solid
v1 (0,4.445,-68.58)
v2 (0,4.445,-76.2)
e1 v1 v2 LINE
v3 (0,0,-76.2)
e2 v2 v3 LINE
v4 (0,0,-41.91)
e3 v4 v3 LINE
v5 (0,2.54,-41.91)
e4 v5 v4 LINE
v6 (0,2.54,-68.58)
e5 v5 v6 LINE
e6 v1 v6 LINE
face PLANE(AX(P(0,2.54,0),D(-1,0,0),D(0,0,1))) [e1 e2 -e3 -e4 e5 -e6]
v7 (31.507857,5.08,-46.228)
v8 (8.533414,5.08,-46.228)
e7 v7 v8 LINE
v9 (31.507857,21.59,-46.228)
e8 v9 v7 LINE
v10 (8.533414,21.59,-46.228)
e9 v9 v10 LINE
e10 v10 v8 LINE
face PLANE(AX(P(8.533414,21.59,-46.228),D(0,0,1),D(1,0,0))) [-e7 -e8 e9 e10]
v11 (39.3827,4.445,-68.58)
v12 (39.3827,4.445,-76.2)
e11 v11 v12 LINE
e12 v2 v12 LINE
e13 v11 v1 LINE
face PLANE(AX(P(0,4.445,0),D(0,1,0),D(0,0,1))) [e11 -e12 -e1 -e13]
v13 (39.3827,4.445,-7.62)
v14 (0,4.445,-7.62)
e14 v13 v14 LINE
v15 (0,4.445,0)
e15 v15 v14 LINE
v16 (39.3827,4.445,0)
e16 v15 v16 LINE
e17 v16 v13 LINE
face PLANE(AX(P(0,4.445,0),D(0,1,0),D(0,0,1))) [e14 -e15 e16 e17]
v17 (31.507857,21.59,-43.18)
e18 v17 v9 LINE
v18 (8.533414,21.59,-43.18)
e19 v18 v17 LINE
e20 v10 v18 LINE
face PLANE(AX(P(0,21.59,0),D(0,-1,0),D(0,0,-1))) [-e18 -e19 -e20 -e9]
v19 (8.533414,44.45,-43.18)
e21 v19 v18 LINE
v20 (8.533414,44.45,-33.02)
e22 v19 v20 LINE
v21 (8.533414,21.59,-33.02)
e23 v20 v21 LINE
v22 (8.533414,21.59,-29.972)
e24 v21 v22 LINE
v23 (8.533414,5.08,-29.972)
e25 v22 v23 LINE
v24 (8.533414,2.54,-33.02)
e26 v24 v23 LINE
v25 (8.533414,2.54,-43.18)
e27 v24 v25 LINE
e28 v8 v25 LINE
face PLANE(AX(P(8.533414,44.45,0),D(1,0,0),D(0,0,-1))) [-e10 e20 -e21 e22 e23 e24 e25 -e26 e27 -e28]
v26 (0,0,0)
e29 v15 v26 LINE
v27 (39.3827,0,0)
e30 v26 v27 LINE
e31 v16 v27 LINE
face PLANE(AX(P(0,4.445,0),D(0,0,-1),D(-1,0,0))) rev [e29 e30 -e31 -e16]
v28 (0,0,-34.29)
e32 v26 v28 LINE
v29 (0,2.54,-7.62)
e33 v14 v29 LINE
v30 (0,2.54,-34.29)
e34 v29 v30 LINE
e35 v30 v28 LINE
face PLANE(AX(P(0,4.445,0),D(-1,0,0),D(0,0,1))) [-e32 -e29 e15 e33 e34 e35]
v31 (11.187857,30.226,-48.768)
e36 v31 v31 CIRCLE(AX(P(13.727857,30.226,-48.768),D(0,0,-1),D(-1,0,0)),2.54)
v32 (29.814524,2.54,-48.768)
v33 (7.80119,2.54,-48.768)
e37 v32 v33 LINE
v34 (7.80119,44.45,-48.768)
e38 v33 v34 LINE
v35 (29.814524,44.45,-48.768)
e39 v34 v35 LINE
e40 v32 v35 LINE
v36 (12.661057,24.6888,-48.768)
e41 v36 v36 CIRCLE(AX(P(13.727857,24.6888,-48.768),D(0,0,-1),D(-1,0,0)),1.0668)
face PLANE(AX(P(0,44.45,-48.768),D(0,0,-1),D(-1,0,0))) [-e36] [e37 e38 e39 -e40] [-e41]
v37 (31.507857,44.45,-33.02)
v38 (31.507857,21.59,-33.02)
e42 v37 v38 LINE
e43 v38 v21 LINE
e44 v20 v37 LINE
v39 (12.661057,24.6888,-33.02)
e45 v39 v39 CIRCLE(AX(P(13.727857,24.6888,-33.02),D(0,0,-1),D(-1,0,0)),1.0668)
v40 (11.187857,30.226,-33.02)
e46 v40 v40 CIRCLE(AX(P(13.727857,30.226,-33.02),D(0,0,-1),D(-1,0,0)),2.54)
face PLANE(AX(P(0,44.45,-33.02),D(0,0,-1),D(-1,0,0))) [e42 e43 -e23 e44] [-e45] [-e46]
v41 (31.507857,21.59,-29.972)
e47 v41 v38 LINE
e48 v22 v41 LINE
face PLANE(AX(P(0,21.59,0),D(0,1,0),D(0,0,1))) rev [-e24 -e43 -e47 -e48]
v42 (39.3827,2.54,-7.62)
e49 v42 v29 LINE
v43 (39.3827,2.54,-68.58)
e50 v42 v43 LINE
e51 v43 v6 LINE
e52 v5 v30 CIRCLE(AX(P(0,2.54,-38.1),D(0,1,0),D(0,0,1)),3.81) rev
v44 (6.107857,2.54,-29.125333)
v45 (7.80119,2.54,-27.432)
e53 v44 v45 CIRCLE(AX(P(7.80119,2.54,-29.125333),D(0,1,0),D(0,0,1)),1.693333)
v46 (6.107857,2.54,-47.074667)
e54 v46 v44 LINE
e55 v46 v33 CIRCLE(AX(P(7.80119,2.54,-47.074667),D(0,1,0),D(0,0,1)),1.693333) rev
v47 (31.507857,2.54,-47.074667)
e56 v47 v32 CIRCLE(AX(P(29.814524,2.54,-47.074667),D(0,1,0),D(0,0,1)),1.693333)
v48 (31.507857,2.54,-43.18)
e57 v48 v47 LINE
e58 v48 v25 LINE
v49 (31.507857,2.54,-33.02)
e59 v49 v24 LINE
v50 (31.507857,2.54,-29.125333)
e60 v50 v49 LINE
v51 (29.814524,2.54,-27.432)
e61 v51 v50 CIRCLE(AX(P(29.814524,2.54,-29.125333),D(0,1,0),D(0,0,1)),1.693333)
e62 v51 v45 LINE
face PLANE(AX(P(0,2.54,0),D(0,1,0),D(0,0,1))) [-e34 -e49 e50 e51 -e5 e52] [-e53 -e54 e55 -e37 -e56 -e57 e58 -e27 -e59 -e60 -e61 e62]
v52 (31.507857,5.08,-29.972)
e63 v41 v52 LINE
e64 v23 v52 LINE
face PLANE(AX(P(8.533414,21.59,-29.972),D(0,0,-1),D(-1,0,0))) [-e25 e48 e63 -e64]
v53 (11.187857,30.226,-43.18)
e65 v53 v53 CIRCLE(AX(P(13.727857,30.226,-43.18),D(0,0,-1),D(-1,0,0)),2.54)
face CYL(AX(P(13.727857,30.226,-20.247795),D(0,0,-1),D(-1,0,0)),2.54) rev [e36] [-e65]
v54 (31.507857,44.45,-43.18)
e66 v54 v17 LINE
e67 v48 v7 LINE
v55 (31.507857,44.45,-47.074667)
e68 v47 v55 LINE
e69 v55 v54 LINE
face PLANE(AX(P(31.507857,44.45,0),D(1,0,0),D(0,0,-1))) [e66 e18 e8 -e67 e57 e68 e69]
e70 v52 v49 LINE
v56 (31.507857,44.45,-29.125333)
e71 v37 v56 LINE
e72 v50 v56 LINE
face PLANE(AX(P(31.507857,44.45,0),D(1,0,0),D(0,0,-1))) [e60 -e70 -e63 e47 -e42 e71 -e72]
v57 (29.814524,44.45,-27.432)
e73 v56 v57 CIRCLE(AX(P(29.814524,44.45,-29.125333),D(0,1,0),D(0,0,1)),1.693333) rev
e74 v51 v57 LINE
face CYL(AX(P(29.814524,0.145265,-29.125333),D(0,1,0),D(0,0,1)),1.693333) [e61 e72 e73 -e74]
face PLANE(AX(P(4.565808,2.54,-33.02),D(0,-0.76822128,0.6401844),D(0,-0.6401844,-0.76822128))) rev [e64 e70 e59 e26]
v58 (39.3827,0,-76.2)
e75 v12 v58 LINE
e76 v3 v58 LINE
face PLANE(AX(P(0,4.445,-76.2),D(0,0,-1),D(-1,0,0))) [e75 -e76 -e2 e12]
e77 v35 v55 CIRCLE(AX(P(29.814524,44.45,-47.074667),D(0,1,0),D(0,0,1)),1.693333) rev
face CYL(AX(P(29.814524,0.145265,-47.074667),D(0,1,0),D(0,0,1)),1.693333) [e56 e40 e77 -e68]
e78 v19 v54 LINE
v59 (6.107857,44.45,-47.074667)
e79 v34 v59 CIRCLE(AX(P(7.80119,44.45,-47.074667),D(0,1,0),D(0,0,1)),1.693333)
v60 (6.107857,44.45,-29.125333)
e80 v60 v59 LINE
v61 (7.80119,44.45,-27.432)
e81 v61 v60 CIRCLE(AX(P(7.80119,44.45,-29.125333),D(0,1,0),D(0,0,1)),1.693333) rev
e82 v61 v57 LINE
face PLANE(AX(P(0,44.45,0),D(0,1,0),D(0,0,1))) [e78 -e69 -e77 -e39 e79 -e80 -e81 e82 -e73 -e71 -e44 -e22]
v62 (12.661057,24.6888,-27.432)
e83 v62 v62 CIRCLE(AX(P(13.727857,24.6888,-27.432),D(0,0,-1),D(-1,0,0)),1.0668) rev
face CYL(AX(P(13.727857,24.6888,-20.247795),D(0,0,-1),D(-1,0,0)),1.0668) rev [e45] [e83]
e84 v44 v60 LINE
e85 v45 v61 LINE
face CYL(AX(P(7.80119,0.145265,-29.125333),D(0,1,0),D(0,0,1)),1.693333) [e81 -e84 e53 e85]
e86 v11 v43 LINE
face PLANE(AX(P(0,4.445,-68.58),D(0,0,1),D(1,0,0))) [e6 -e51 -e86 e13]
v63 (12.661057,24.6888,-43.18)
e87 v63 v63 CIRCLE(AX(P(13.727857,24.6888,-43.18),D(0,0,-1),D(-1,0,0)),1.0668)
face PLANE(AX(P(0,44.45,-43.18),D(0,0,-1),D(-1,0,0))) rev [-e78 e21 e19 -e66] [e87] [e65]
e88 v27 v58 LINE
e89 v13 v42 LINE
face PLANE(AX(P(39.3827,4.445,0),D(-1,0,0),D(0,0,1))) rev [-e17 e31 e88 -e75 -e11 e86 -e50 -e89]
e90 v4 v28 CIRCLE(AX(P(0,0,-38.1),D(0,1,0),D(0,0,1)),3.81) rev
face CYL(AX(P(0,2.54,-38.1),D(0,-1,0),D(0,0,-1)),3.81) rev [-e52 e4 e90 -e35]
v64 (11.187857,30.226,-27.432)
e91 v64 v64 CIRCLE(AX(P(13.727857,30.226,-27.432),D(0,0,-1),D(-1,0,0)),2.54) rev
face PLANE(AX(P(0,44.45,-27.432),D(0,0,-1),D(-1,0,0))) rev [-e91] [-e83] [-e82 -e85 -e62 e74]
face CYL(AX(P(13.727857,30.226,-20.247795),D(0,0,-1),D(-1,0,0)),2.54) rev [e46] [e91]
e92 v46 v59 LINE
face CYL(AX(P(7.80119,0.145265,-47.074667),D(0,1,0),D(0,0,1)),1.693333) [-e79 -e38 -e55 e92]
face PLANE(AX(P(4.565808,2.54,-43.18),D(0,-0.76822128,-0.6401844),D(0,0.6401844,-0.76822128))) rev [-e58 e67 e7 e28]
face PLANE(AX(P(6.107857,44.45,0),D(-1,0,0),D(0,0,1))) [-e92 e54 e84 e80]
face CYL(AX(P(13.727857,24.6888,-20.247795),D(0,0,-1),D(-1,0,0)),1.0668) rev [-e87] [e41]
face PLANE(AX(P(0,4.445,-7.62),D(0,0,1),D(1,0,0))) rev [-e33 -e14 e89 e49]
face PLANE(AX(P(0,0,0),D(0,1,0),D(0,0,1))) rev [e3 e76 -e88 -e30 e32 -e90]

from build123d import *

# Parameters (mm, degrees)
SKETCH2_W             = 39.3827
SKETCH2_H             = 7.62
BOSS_EXTRUDE2_DEPTH   = 4.445
BOSS_EXTRUDE2_2_DEPTH = 4.445
BOSS_EXTRUDE3_DEPTH   = 2.54
BOSS_EXTRUDE4_DEPTH   = 44.45
CUT_EXTRUDE3_REACH    = 78.845
SKETCH5_R             = 2.54
SKETCH5_R_2           = 1.0668
CUT_EXTRUDE5_DEPTH    = 41.91
CUT_EXTRUDE7_START    = 2.54
SKETCH7_W             = 22.974442495
SKETCH7_H             = 3.048
CUT_EXTRUDE7_DEPTH    = 16.51
CUT_EXTRUDE8_DEPTH    = 22.974442495


with BuildPart() as part:
    # Sketch2 → Boss-Extrude2 (new body)
    with BuildSketch(Plane(origin=(0, 0, 0), x_dir=(1, 0, 0), z_dir=(0, 1, 0))):
        with Locations((19.69135, 3.81)):
            Rectangle(SKETCH2_W, SKETCH2_H)
    extrude(amount=BOSS_EXTRUDE2_DEPTH)



with BuildPart() as body_2:
    # Sketch2 → Boss-Extrude2 2 (new body)
    with BuildSketch(Plane(origin=(0, 0, 0), x_dir=(1, 0, 0), z_dir=(0, 1, 0))):
        with Locations((19.69135, 72.39)):
            Rectangle(SKETCH2_W, SKETCH2_H)
    extrude(amount=BOSS_EXTRUDE2_2_DEPTH)


with BuildPart() as part_1:
    add(part.part)

    add(body_2.part)  # Boss-Extrude3 merges body 2
    # Sketch2<3> → Boss-Extrude3 (add)
    with BuildSketch(Plane(origin=(0, 0, 0), x_dir=(1, 0, 0), z_dir=(0, 1, 0))):
        with BuildLine():
            Line((0, 34.29), (0, 7.62))
            Line((0, 7.62), (39.3827, 7.62))
            Line((39.3827, 7.62), (39.3827, 68.58))
            Line((39.3827, 68.58), (0, 68.58))
            Line((0, 68.58), (0, 41.91))
            ThreePointArc((0, 41.91), (3.81, 38.1), (0, 34.29))
        make_face()
    extrude(amount=BOSS_EXTRUDE3_DEPTH)

    # Sketch2<8> → Boss-Extrude4 (add)
    with BuildSketch(Plane(origin=(0, 0, 0), x_dir=(1, 0, 0), z_dir=(0, 1, 0))):
        Polygon((8.533414456, 33.02), (8.533414456, 38.1), (8.533414456, 43.18), (16.153414456, 43.18), (31.507856951, 43.18), (31.507856951, 48.768), (6.107856951, 48.768), (6.107856951, 38.1), (6.107856951, 27.432), (31.507856951, 27.432), (31.507856951, 33.02), (16.153414456, 33.02), align=None)
    extrude(amount=BOSS_EXTRUDE4_DEPTH)

    # Cut-Extrude3: up to this face of the body (flat: up to its plane)
    cut_extrude3_end = Plane(part_1.part.faces().sort_by_distance((18.807856951, 23.495, -27.432))[0])
    # Sketch5 → Cut-Extrude3 (cut, up to the picked face)
    with BuildSketch(Plane(origin=(0, 0, -48.768), x_dir=(-1, 0, 0), z_dir=(0, 0, -1)), mode=Mode.PRIVATE) as cut_extrude3_sk1:
        with Locations((-13.727856951, 30.226)):
            Circle(SKETCH5_R)
    cut_extrude3_tool1 = split(extrude(cut_extrude3_sk1.sketch, amount=-CUT_EXTRUDE3_REACH, mode=Mode.PRIVATE), bisect_by=cut_extrude3_end, keep=Keep.BOTH, mode=Mode.PRIVATE)
    # Sketch5 → Cut-Extrude3 (cut, up to the picked face)
    with BuildSketch(Plane(origin=(0, 0, -48.768), x_dir=(-1, 0, 0), z_dir=(0, 0, -1)), mode=Mode.PRIVATE) as cut_extrude3_sk2:
        with Locations((-13.727856951, 24.6888)):
            Circle(SKETCH5_R_2)
    cut_extrude3_tool2 = split(extrude(cut_extrude3_sk2.sketch, amount=-CUT_EXTRUDE3_REACH, mode=Mode.PRIVATE), bisect_by=cut_extrude3_end, keep=Keep.BOTH, mode=Mode.PRIVATE)
    add(cut_extrude3_tool1.solids().sort_by(Axis((13.727857, 30.226, -48.768), (0, 0, 1)))[0], mode=Mode.SUBTRACT)
    add(cut_extrude3_tool2.solids().sort_by(Axis((13.727857, 24.6888, -48.768), (0, 0, 1)))[0], mode=Mode.SUBTRACT)

    # Sketch6 → Cut-Extrude5 (cut)
    with BuildSketch(Plane(origin=(0, 44.45, 0), x_dir=(1, 0, 0), z_dir=(0, 1, 0))):
        with BuildLine():
            Line((31.507856951, 29.125333333), (31.507856951, 27.432))
            Line((31.507856951, 27.432), (29.814523617, 27.432))
            ThreePointArc((29.814523617, 27.432), (31.0118911, 27.927965851), (31.507856951, 29.125333333))
        make_face()
        with BuildLine():
            Line((7.801190284, 48.768), (6.107856951, 48.768))
            Line((6.107856951, 48.768), (6.107856951, 47.074666667))
            ThreePointArc((6.107856951, 47.074666667), (6.603822801, 48.272034149), (7.801190284, 48.768))
        make_face()
        with BuildLine():
            Line((6.107856951, 29.125333333), (6.107856951, 27.432))
            Line((6.107856951, 27.432), (7.801190284, 27.432))
            ThreePointArc((7.801190284, 27.432), (6.603822801, 27.927965851), (6.107856951, 29.125333333))
        make_face()
        with BuildLine():
            Line((29.814523617, 48.768), (31.507856951, 48.768))
            Line((31.507856951, 48.768), (31.507856951, 47.074666667))
            ThreePointArc((31.507856951, 47.074666667), (31.0118911, 48.272034149), (29.814523617, 48.768))
        make_face()
    extrude(amount=-CUT_EXTRUDE5_DEPTH, mode=Mode.SUBTRACT)

    # Sketch7 → Cut-Extrude7 (cut)
    with BuildSketch(Plane(origin=(0, 2.54, 0), x_dir=(1, 0, 0), z_dir=(0, 1, 0)).offset(CUT_EXTRUDE7_START)):
        with Locations((20.020635704, 44.704)):
            Rectangle(SKETCH7_W, SKETCH7_H)
        with Locations((20.020635704, 31.496)):
            Rectangle(SKETCH7_W, SKETCH7_H)
    extrude(amount=CUT_EXTRUDE7_DEPTH, mode=Mode.SUBTRACT)

    # Sketch8 → Cut-Extrude8 (cut)
    with BuildSketch(Plane(origin=(31.507856951, 0, 0), x_dir=(0, 0, -1), z_dir=(1, 0, 0))):
        Polygon((33.02, 2.54), (29.972, 5.08), (33.02, 5.08), align=None)
        Polygon((43.18, 2.54), (46.228, 5.08), (43.18, 5.08), align=None)
    extrude(amount=-CUT_EXTRUDE8_DEPTH, mode=Mode.SUBTRACT)


solid = part_1.part
